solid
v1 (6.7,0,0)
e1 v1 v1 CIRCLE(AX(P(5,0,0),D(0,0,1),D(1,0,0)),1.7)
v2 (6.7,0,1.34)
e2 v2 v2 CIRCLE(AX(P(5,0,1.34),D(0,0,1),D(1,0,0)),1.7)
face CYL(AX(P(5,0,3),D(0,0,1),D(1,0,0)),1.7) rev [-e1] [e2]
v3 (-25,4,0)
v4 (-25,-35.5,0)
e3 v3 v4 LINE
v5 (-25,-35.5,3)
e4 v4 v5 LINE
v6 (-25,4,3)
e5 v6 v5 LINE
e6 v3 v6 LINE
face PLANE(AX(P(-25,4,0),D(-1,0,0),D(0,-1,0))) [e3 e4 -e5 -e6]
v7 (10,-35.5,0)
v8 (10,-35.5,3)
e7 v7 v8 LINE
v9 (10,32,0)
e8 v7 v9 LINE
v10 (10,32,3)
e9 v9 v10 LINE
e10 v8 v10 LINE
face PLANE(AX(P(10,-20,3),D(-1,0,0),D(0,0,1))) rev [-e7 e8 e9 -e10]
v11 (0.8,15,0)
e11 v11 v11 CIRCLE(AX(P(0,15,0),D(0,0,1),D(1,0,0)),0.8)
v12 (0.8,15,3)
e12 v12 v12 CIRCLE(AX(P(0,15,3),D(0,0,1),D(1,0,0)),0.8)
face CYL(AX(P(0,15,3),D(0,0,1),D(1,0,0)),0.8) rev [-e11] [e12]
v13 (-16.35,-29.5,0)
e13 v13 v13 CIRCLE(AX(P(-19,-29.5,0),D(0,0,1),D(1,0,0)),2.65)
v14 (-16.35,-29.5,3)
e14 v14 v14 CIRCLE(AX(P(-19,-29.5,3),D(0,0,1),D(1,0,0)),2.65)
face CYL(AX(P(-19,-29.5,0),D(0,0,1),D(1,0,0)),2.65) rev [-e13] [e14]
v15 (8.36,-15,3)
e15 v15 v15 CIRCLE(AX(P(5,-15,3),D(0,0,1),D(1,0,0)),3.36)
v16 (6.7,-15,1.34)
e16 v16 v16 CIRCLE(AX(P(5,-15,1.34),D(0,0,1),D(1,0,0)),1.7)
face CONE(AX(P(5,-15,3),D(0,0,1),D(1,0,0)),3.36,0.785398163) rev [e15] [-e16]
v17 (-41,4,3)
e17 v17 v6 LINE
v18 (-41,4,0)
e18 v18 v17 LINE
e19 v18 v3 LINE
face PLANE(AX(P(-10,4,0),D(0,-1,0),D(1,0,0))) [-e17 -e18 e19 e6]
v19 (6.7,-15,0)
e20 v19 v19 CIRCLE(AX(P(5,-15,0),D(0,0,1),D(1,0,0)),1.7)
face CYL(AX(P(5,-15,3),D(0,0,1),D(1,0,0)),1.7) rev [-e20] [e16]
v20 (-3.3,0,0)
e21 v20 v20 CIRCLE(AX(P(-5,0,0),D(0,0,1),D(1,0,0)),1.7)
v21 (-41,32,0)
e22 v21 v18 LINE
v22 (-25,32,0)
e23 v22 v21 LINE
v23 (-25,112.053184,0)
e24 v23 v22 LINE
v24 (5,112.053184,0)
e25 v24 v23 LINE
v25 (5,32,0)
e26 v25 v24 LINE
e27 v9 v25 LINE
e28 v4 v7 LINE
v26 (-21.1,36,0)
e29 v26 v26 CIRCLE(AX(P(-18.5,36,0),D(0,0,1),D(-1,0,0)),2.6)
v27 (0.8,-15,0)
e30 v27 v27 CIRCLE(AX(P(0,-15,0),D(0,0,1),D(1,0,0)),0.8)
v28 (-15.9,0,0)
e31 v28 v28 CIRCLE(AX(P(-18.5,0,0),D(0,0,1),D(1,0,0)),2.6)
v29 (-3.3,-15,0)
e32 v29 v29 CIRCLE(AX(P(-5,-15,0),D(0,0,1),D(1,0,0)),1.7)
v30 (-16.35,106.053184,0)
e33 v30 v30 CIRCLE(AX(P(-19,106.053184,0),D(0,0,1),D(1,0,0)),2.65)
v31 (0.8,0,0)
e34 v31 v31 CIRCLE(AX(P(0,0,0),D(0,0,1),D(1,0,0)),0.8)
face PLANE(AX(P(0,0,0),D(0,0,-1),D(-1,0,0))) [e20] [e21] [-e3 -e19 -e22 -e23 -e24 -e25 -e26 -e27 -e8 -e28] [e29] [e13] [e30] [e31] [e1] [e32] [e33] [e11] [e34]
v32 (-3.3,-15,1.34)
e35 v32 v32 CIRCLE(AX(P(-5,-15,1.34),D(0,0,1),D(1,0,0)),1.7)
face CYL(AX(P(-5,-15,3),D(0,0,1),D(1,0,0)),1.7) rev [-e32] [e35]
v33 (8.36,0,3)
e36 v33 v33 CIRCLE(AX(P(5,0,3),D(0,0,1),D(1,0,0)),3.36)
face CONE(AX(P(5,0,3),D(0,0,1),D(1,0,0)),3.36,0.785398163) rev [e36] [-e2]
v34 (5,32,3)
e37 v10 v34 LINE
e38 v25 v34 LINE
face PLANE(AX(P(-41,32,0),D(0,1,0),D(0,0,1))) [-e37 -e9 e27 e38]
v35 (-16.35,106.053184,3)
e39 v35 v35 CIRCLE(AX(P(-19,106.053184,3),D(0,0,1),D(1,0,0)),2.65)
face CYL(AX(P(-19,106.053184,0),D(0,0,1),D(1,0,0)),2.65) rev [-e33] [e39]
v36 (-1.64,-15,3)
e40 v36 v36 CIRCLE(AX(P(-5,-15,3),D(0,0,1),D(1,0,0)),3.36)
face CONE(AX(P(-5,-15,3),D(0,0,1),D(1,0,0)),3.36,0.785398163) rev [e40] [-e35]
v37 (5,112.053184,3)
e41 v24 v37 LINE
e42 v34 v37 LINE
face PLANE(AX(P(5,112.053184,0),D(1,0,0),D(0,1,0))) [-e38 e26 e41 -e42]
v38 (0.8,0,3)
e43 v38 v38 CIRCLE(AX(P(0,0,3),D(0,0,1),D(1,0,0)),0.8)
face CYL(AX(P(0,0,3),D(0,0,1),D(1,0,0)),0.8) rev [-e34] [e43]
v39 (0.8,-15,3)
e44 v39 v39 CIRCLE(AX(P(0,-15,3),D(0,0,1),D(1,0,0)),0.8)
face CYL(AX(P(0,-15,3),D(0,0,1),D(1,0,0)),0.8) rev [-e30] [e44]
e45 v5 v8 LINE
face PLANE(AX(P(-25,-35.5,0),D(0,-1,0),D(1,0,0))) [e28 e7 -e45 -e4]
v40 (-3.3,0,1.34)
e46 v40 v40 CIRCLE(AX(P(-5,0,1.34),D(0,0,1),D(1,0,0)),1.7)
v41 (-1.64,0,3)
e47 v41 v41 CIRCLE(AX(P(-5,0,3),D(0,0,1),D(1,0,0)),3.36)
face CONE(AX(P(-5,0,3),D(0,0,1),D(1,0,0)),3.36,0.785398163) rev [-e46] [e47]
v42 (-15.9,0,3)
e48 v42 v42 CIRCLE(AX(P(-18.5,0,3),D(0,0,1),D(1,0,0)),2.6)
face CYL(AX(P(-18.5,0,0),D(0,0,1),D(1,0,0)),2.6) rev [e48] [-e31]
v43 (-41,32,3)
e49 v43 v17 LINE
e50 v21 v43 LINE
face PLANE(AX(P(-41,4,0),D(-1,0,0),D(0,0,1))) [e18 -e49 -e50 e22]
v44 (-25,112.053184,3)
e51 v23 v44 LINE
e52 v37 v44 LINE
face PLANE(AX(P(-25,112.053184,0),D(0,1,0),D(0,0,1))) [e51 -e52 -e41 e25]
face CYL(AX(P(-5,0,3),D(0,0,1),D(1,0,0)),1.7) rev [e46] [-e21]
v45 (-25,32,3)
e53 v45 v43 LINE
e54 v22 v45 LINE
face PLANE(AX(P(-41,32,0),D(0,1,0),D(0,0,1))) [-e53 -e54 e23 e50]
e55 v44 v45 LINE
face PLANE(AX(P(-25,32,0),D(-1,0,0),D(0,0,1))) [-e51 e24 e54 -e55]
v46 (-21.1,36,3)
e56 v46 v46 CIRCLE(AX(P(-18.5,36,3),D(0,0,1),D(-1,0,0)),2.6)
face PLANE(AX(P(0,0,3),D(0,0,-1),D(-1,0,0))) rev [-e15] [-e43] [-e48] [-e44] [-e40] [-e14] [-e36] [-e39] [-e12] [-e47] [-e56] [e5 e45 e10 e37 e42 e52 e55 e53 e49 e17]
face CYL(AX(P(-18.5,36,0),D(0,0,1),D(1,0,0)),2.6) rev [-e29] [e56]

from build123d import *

# Parameters (mm, degrees)
SKETCH1_W                                    = 20
SKETCH1_H                                    = 40
BOSS_EXTRUDE1_DEPTH                          = 3
CSK_FOR_M3_HEX_SOCKET_COUNTERSUNK_CA_2_COUNT = 2
CSK_FOR_M3_HEX_SOCKET_COUNTERSUNK_CA_2_PITCH = 10
CSK_FOR_M3_HEX_SOCKET_COUNTERSUNK_CA_3_COUNT = 2
CSK_FOR_M3_HEX_SOCKET_COUNTERSUNK_CA_3_PITCH = 18.027756377
CSK_FOR_M3_HEX_SOCKET_COUNTERSUNK_CA_4_COUNT = 2
CSK_FOR_M3_HEX_SOCKET_COUNTERSUNK_CA_4_PITCH = 15
M2_TAPPED_HOLE1_D                            = 1.6
BOSS_EXTRUDE2_DEPTH                          = 3
SKETCH7_W                                    = 30
SKETCH7_H                                    = 80.053183591
SKETCH7_R                                    = 2.65
BOSS_EXTRUDE3_DEPTH                          = 3
SKETCH8_R                                    = 2.65
BOSS_EXTRUDE4_DEPTH                          = 3
SKETCH9_R                                    = 2.6
CUT_EXTRUDE1_DEPTH                           = 4


with BuildPart() as part:
    # Sketch1 → Boss-Extrude1 (new body)
    with BuildSketch(Plane.XY):
        Rectangle(SKETCH1_W, SKETCH1_H)
    extrude(amount=BOSS_EXTRUDE1_DEPTH)

    # Sketch3 → CSK for M3 Hex Socket Countersunk Cap Screw1 (revolve, cut)
    with BuildSketch(Plane(origin=(-5, 0, 3), x_dir=(0, -1, 0), z_dir=(1, 0, 0))):
        Polygon((0, 0), (0, 3), (1.7, 3), (1.7, 1.66), (3.36, 0), align=None)
    csk_for_m3_hex_socket_countersunk_cap_sc = revolve(axis=Axis((-5, 0, 9.35), (0, 0, -1)), mode=Mode.SUBTRACT)

    # CSK for M3 Hex Socket Countersunk Ca 2: CSK for M3 Hex Socket Countersunk Cap Screw1 ×2
    with Locations(*[(i * CSK_FOR_M3_HEX_SOCKET_COUNTERSUNK_CA_2_PITCH, 0, 0) for i in range(1, CSK_FOR_M3_HEX_SOCKET_COUNTERSUNK_CA_2_COUNT)]):
        add(csk_for_m3_hex_socket_countersunk_cap_sc, mode=Mode.SUBTRACT)

    # CSK for M3 Hex Socket Countersunk Ca 3: CSK for M3 Hex Socket Countersunk Cap Screw1 ×2
    with Locations(*[Vector(0.554700196, -0.832050294, 0) * (i * CSK_FOR_M3_HEX_SOCKET_COUNTERSUNK_CA_3_PITCH) for i in range(1, CSK_FOR_M3_HEX_SOCKET_COUNTERSUNK_CA_3_COUNT)]):
        add(csk_for_m3_hex_socket_countersunk_cap_sc, mode=Mode.SUBTRACT)

    # CSK for M3 Hex Socket Countersunk Ca 4: CSK for M3 Hex Socket Countersunk Cap Screw1 ×2
    with Locations(*[(0, -i * CSK_FOR_M3_HEX_SOCKET_COUNTERSUNK_CA_4_PITCH, 0) for i in range(1, CSK_FOR_M3_HEX_SOCKET_COUNTERSUNK_CA_4_COUNT)]):
        add(csk_for_m3_hex_socket_countersunk_cap_sc, mode=Mode.SUBTRACT)

    # M2 Tapped Hole1 (through all)
    with Locations(Plane.XY.offset(3)):
        with Locations((0, 15), (0, 0), (0, -15)):
            Hole(M2_TAPPED_HOLE1_D / 2)

    # Sketch6 → Boss-Extrude2 (add)
    with BuildSketch(Plane.XY.offset(3)):
        Polygon((-10, 4), (-41, 4), (-41, 32), (10, 32), (10, 20), (-10, 20), align=None)
    extrude(amount=-BOSS_EXTRUDE2_DEPTH)

    # Sketch7 → Boss-Extrude3 (add)
    with BuildSketch(Plane.XY.offset(3)):
        with Locations((-10, 72.026591795)):
            Rectangle(SKETCH7_W, SKETCH7_H)
        with Locations((-19, 106.053183591)):
            Circle(SKETCH7_R, mode=Mode.SUBTRACT)
    extrude(amount=-BOSS_EXTRUDE3_DEPTH)

    # Sketch8 → Boss-Extrude4 (add)
    with BuildSketch(Plane.XY.offset(3)):
        Polygon((-25, 4), (-25, -35.5), (10, -35.5), (10, -20), (-10, -20), (-10, 4), align=None)
        with Locations((-19, -29.5)):
            Circle(SKETCH8_R, mode=Mode.SUBTRACT)
    extrude(amount=-BOSS_EXTRUDE4_DEPTH)

    # Sketch9 → Cut-Extrude1 (cut, through all)
    with BuildSketch(Plane.XY.offset(3)):
        with Locations((-18.5, 0)):
            Circle(SKETCH9_R)
        with Locations((-18.5, 36)):
            Circle(SKETCH9_R)
    extrude(amount=-CUT_EXTRUDE1_DEPTH, mode=Mode.SUBTRACT)


solid = part.part
